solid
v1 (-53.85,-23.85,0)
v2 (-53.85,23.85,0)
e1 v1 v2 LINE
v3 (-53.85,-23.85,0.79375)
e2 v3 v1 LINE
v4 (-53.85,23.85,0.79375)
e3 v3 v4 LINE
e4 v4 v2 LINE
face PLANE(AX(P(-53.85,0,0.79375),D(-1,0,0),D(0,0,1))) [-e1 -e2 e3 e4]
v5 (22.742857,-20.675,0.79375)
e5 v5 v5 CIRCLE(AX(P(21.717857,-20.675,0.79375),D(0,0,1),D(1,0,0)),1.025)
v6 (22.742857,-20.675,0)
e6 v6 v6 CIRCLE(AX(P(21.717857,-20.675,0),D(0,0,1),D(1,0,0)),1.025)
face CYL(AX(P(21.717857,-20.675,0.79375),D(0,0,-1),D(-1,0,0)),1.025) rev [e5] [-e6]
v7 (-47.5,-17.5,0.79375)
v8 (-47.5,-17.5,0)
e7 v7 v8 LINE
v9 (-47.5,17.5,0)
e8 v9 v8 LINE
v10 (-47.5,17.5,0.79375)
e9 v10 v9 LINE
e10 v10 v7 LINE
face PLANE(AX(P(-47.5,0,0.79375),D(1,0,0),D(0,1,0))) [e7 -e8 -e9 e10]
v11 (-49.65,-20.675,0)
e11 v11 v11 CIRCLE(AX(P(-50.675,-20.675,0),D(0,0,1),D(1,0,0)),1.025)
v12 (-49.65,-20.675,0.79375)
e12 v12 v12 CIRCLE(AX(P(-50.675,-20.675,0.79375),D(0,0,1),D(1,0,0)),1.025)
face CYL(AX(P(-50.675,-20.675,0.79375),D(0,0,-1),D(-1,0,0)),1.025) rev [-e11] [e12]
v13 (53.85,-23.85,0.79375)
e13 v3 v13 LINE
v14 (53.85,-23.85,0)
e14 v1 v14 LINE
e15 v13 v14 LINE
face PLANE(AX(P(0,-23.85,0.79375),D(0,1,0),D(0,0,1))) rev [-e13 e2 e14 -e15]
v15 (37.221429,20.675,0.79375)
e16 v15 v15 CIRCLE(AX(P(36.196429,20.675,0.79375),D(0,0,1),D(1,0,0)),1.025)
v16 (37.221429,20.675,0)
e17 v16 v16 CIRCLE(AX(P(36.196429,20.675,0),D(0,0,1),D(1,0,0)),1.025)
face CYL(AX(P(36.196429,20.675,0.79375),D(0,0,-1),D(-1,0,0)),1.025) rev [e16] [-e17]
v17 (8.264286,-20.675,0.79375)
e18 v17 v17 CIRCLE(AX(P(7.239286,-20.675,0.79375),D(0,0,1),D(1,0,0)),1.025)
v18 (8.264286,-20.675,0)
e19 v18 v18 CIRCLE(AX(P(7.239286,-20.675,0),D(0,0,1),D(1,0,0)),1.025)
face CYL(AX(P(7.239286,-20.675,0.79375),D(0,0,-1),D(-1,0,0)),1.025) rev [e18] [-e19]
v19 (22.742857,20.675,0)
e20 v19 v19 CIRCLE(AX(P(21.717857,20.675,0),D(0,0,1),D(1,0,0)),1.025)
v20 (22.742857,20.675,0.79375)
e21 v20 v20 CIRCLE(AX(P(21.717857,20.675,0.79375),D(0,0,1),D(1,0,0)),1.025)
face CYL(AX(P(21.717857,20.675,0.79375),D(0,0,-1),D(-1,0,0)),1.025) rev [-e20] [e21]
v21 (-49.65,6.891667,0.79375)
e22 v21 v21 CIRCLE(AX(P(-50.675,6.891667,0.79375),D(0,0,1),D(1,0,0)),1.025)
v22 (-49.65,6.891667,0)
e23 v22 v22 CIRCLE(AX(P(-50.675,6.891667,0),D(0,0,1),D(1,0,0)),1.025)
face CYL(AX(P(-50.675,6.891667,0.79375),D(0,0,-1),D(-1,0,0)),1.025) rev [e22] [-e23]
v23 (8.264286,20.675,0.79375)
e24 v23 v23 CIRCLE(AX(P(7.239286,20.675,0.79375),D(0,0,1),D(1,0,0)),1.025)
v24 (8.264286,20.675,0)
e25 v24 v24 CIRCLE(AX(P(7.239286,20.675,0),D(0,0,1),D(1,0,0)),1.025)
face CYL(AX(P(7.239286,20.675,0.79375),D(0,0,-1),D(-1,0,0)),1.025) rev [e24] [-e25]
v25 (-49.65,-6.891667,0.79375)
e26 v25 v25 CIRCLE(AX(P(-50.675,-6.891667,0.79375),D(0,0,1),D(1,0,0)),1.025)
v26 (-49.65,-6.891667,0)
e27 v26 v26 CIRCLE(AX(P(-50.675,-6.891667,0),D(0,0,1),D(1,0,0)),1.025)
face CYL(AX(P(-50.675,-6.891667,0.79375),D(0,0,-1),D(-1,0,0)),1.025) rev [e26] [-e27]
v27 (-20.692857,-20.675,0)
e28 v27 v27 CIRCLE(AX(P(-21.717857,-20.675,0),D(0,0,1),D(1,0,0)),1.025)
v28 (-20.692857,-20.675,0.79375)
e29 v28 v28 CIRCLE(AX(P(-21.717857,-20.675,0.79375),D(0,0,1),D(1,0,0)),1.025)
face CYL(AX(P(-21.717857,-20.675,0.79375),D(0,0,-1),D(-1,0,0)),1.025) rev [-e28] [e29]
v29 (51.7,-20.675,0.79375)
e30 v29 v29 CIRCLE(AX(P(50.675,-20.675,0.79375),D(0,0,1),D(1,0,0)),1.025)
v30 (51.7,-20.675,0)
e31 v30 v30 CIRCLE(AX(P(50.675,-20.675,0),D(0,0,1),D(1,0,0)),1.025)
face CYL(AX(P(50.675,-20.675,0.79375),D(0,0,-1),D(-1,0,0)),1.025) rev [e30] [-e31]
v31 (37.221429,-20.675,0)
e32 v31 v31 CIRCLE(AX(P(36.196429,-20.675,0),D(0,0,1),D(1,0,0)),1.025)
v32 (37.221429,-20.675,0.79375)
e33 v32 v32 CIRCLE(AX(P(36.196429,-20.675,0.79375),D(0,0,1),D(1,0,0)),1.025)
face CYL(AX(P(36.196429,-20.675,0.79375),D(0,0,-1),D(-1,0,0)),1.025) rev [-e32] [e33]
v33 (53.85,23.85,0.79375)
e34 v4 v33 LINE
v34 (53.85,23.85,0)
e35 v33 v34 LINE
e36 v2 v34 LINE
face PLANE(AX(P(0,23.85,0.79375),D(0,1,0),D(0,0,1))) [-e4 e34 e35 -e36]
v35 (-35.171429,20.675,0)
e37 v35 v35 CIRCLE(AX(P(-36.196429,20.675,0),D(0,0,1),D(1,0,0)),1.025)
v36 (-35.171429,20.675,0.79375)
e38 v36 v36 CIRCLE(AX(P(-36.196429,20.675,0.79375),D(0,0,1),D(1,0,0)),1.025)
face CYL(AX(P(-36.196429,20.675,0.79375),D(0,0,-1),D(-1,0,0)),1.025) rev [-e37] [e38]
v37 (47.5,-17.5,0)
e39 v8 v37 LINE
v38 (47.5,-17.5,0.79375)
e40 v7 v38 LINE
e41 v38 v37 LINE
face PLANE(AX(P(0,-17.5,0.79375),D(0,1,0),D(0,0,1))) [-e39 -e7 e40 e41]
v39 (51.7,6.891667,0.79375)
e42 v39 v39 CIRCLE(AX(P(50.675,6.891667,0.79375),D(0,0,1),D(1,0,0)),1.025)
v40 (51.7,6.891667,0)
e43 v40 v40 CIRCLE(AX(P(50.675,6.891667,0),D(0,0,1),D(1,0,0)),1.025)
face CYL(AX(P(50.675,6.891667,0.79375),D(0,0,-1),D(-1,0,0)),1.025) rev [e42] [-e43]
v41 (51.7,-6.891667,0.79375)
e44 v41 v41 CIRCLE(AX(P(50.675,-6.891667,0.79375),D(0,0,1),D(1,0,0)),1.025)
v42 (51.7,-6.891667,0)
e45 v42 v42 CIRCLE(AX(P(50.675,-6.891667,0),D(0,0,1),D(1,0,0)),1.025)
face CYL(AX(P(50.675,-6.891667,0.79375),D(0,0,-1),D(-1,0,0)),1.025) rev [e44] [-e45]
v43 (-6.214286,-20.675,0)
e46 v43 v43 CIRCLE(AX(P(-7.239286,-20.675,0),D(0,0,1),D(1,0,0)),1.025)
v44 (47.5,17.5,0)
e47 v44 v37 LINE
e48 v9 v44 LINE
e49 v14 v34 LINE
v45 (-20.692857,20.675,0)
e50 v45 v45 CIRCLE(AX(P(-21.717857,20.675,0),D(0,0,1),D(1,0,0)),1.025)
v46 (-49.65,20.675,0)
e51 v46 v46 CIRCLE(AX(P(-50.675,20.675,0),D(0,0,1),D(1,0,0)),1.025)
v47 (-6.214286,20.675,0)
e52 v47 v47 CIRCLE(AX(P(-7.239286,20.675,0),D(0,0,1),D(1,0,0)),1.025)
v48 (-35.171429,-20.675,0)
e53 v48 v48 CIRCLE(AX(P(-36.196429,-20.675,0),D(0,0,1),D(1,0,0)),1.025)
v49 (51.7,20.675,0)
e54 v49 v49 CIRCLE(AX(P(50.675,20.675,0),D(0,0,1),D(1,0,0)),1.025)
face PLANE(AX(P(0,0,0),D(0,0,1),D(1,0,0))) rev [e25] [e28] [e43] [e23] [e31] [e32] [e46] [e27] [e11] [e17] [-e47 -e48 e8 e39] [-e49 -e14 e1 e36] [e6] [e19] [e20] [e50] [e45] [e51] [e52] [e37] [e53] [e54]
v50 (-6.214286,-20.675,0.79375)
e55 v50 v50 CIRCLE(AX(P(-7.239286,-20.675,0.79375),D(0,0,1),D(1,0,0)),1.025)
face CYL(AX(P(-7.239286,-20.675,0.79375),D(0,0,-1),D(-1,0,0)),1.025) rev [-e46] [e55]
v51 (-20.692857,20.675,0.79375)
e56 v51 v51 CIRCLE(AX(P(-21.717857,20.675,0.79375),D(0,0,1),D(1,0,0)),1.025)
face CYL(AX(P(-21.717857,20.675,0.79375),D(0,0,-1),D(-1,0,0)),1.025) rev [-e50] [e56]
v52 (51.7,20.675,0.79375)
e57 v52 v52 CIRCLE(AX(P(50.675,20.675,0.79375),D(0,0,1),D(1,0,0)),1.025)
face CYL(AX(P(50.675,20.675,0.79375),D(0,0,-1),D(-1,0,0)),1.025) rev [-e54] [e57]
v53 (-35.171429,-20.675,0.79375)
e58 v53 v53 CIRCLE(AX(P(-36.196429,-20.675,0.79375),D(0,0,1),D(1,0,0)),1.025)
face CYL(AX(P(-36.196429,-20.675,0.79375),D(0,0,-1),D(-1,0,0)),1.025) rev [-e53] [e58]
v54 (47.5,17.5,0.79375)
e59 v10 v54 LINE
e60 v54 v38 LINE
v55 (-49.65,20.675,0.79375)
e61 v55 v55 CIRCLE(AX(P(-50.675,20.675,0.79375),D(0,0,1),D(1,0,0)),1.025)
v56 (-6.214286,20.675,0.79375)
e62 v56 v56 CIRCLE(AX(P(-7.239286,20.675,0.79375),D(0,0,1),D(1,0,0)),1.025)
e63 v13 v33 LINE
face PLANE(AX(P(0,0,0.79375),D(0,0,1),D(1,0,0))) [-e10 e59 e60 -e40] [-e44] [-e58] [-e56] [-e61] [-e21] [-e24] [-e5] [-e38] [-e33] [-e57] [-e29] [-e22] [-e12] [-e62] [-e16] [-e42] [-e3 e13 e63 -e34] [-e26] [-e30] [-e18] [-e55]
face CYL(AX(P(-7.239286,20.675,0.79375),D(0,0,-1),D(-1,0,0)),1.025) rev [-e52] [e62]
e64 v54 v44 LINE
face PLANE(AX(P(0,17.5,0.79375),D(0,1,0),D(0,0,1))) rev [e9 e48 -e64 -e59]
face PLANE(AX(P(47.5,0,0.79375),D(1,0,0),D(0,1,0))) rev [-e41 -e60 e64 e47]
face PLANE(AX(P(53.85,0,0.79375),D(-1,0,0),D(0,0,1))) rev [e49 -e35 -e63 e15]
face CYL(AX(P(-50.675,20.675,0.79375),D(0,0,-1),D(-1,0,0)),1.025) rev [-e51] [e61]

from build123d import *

# Parameters (mm, degrees)
SKETCH1_W           = 107.7
SKETCH1_H           = 47.7
SKETCH1_R           = 1.025
SKETCH1_W_2         = 95
SKETCH1_H_2         = 35
BOSS_EXTRUDE1_DEPTH = 0.79375


with BuildPart() as part:
    # Sketch1 → Boss-Extrude1 (new body)
    with BuildSketch(Plane.XY):
        Rectangle(SKETCH1_W, SKETCH1_H)
        with Locations((-50.675, 20.675)):
            Circle(SKETCH1_R, mode=Mode.SUBTRACT)
        with Locations((50.675, 20.675)):
            Circle(SKETCH1_R, mode=Mode.SUBTRACT)
        with Locations((-50.675, -20.675)):
            Circle(SKETCH1_R, mode=Mode.SUBTRACT)
        with Locations((50.675, -20.675)):
            Circle(SKETCH1_R, mode=Mode.SUBTRACT)
        with Locations((-7.239285714, 20.675)):
            Circle(SKETCH1_R, mode=Mode.SUBTRACT)
        with Locations((-7.239285714, -20.675)):
            Circle(SKETCH1_R, mode=Mode.SUBTRACT)
        with Locations((-36.196428571, 20.675)):
            Circle(SKETCH1_R, mode=Mode.SUBTRACT)
        with Locations((-21.717857143, 20.675)):
            Circle(SKETCH1_R, mode=Mode.SUBTRACT)
        with Locations((7.239285714, 20.675)):
            Circle(SKETCH1_R, mode=Mode.SUBTRACT)
        with Locations((21.717857143, 20.675)):
            Circle(SKETCH1_R, mode=Mode.SUBTRACT)
        with Locations((-50.675, 6.8916667)):
            Circle(SKETCH1_R, mode=Mode.SUBTRACT)
        with Locations((-50.675, -6.8916667)):
            Circle(SKETCH1_R, mode=Mode.SUBTRACT)
        with Locations((50.675, 6.8916667)):
            Circle(SKETCH1_R, mode=Mode.SUBTRACT)
        with Locations((50.675, -6.8916667)):
            Circle(SKETCH1_R, mode=Mode.SUBTRACT)
        with Locations((7.239285714, -20.675)):
            Circle(SKETCH1_R, mode=Mode.SUBTRACT)
        with Locations((21.717857143, -20.675)):
            Circle(SKETCH1_R, mode=Mode.SUBTRACT)
        with Locations((-21.717857143, -20.675)):
            Circle(SKETCH1_R, mode=Mode.SUBTRACT)
        with Locations((-36.196428571, -20.675)):
            Circle(SKETCH1_R, mode=Mode.SUBTRACT)
        with Locations((36.196428572, 20.675)):
            Circle(SKETCH1_R, mode=Mode.SUBTRACT)
        with Locations((36.196428572, -20.675)):
            Circle(SKETCH1_R, mode=Mode.SUBTRACT)
        Rectangle(SKETCH1_W_2, SKETCH1_H_2, mode=Mode.SUBTRACT)
    extrude(amount=BOSS_EXTRUDE1_DEPTH)


solid = part.part
